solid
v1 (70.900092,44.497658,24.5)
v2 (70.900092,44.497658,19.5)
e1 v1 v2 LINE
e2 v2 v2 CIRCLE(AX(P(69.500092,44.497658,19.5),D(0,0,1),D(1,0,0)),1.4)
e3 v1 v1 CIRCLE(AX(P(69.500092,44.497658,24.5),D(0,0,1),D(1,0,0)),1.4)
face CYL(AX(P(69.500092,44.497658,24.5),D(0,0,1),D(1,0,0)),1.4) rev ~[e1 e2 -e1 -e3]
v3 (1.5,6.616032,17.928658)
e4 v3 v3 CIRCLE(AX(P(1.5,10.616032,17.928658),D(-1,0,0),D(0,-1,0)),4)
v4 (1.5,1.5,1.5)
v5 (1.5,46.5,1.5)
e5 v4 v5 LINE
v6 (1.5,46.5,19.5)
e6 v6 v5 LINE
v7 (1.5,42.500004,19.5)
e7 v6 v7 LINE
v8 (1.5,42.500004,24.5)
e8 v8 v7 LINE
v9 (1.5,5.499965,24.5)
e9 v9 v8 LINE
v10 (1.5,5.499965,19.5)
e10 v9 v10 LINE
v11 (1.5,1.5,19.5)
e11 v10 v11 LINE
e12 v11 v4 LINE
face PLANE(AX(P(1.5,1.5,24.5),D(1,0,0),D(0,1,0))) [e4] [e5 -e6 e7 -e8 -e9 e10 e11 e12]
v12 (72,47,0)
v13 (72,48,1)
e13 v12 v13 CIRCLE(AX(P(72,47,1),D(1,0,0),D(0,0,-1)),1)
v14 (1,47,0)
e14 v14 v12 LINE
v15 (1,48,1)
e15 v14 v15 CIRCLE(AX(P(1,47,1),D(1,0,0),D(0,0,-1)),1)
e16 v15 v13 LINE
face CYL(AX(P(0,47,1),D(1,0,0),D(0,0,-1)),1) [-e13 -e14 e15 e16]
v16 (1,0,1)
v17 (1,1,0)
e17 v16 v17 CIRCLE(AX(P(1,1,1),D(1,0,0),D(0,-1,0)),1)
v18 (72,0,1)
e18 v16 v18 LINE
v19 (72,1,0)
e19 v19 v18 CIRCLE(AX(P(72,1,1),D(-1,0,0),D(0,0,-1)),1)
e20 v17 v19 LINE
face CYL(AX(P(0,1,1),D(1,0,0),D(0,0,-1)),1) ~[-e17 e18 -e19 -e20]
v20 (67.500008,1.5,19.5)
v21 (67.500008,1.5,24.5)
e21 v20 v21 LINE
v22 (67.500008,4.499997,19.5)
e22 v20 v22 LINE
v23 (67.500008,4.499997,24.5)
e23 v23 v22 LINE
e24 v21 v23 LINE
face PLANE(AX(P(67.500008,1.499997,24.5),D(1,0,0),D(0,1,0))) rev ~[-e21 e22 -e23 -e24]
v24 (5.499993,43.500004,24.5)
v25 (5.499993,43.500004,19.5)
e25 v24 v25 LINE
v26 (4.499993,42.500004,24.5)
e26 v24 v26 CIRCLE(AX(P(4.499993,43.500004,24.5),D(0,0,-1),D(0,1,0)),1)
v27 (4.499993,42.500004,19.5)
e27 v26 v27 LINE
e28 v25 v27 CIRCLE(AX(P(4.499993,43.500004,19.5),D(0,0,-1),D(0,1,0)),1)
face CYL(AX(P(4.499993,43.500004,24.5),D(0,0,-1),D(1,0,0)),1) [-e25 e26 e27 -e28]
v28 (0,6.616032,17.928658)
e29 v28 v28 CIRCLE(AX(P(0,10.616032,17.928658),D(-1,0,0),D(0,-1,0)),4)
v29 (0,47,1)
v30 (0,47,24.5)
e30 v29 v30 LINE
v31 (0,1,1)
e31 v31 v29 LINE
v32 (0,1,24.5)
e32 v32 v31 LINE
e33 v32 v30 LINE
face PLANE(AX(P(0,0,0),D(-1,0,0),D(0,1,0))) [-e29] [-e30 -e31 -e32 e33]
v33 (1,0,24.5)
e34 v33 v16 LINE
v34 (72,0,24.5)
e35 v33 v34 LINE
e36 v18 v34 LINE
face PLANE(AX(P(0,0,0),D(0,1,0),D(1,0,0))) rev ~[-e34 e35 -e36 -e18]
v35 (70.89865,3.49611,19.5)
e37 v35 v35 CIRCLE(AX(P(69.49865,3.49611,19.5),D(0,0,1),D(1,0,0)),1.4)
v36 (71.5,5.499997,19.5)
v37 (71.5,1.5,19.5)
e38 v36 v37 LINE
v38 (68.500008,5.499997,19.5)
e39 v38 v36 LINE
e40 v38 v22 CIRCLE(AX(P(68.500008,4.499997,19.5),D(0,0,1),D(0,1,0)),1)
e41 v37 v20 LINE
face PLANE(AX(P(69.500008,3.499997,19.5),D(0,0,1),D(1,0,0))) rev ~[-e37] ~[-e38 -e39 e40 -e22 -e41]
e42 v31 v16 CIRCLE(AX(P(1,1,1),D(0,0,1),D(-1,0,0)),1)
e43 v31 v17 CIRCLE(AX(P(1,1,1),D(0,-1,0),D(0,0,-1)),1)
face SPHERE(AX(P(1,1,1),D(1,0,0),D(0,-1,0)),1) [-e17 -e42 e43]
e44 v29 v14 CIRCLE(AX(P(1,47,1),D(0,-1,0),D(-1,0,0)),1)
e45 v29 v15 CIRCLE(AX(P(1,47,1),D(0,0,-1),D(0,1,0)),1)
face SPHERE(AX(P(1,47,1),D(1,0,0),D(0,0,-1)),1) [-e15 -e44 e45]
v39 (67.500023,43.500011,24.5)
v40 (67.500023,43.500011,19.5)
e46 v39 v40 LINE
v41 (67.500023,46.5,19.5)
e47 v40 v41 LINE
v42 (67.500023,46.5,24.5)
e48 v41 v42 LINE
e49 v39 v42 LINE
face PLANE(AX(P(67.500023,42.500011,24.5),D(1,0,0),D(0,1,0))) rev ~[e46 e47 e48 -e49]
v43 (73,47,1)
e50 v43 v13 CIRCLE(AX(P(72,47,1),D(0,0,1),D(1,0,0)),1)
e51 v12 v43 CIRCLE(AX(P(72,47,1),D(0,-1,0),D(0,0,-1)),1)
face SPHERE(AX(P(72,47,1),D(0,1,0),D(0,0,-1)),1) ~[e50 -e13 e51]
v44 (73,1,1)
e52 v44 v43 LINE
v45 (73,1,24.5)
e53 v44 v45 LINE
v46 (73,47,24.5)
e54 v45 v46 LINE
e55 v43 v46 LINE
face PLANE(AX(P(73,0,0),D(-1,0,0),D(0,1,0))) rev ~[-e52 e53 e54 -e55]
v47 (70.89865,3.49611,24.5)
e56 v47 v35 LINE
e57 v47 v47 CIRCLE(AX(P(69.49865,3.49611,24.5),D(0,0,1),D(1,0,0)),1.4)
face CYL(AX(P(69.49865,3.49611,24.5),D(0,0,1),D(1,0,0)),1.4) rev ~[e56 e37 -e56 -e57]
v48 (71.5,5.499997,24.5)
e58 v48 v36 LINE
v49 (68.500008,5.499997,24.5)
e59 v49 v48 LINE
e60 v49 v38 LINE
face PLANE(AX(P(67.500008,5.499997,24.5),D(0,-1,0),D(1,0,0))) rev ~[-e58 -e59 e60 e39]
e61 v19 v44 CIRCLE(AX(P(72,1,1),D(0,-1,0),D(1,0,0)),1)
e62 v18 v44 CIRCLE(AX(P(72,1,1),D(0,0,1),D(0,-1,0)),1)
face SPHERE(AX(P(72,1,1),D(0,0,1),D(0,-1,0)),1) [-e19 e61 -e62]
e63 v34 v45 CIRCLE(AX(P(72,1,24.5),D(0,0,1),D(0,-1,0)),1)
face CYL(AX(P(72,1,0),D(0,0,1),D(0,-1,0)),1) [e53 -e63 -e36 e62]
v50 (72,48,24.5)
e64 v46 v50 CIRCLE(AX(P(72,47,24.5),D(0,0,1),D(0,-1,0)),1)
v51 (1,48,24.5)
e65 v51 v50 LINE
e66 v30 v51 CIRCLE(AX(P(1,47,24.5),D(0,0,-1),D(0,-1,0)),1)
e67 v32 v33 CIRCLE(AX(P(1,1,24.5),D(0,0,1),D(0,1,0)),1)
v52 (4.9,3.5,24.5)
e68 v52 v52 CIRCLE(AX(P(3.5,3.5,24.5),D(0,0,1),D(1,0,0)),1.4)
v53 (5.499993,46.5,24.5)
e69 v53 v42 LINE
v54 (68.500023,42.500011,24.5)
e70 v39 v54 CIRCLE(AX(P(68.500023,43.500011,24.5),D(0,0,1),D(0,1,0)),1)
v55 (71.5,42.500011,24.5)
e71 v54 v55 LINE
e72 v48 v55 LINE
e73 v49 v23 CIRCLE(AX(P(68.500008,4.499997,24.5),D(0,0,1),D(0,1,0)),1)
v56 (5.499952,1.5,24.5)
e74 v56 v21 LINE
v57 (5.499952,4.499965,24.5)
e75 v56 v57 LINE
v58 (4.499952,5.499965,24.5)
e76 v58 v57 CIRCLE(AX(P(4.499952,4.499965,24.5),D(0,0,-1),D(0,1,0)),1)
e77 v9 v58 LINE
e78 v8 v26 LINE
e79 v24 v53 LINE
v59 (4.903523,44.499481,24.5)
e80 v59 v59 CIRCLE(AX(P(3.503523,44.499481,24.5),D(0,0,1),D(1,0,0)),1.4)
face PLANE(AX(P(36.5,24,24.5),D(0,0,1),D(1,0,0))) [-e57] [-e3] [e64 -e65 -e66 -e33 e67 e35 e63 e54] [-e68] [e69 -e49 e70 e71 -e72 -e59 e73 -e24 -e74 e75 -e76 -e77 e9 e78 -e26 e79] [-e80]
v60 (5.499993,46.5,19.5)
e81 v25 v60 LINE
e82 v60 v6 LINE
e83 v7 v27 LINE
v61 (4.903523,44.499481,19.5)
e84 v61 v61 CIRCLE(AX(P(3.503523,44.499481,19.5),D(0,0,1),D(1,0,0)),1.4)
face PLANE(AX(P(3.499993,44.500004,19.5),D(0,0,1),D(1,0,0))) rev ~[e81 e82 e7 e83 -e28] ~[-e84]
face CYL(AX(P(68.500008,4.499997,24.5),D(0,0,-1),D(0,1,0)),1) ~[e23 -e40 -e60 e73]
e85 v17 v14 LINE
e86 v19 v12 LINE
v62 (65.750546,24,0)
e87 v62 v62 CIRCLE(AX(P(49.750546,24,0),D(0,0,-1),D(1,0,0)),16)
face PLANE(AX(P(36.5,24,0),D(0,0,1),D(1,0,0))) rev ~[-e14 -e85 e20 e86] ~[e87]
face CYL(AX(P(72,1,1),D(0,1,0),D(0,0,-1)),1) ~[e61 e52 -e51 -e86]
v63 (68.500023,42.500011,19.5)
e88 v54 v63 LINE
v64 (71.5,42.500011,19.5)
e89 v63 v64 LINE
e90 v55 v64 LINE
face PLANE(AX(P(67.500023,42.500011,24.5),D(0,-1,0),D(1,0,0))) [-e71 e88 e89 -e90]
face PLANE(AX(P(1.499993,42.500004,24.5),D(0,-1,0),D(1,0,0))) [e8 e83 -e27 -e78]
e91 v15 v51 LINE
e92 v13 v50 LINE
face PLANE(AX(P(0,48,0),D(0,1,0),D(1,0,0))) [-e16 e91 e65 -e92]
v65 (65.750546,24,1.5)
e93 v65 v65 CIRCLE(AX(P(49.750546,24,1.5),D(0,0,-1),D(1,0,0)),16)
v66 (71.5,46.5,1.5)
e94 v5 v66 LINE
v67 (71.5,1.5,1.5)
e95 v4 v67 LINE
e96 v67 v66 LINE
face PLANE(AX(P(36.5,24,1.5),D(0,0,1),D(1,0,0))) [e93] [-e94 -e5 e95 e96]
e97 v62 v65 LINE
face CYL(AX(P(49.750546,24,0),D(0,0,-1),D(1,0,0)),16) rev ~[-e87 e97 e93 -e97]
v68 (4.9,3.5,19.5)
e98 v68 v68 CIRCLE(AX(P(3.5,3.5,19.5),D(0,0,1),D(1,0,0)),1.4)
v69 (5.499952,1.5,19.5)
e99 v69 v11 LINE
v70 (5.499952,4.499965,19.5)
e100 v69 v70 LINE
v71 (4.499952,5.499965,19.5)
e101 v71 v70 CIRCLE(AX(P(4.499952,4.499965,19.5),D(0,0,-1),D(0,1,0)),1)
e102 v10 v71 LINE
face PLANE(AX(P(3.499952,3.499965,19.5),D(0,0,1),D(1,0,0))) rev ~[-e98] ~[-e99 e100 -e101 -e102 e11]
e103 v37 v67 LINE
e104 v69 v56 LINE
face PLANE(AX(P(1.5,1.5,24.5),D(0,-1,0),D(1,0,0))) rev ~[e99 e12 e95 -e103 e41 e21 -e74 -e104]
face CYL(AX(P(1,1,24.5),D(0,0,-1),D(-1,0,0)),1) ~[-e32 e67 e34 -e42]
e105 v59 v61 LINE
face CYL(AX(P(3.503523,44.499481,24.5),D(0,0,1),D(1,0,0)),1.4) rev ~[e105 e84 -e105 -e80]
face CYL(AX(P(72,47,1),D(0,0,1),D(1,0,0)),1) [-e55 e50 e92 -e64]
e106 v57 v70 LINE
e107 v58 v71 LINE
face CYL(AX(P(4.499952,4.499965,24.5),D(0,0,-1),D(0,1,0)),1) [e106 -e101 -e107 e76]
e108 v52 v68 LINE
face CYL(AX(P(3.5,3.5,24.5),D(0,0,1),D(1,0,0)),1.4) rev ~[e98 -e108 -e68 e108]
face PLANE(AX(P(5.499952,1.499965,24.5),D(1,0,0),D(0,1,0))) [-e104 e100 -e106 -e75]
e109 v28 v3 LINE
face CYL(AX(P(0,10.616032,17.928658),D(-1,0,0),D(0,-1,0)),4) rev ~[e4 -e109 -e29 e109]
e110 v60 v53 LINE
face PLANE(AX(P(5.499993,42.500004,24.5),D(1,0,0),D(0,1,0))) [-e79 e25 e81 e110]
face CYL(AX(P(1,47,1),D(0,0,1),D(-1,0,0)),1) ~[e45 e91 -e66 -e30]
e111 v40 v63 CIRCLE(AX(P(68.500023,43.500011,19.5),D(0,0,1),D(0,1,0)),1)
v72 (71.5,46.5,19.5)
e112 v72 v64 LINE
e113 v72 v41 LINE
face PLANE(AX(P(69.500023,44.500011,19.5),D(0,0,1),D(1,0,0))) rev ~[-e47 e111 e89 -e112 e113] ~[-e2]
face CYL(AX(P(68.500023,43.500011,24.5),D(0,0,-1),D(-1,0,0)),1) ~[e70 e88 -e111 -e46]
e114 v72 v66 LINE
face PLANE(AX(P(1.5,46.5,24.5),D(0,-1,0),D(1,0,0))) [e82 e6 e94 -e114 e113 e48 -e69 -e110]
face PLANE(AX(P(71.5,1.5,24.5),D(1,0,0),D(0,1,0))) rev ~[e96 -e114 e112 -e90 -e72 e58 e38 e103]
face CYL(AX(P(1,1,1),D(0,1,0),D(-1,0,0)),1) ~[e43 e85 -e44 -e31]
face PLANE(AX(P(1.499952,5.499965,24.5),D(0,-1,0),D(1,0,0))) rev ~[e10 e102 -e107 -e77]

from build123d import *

# Parameters (mm, degrees)
SKETCH_W        = 73
SKETCH_H        = 48
PAD_DEPTH       = 24.5
SKETCH001_W     = 70
SKETCH001_H     = 45
POCKET_DEPTH    = 23
FILLET_R        = 1
FILLET001_R     = 1
FILLET002_R     = 1
FILLET003_R     = 1
SKETCH002_W     = 4
SKETCH002_H     = 4
PAD001_DEPTH    = 5
FILLET004_R     = 1
SKETCH003_W     = 4
SKETCH003_H     = 4
PAD002_DEPTH    = 5
SKETCH004_R     = 1.4
POCKET001_DEPTH = 5
FILLET005_R     = 1
FILLET006_R     = 1
SKETCH005_R     = 1.4
POCKET002_DEPTH = 5
FILLET007_R     = 1
SKETCH006_R     = 1.4
POCKET003_DEPTH = 5
SKETCH007_R     = 16
POCKET004_DEPTH = 5
SKETCH008_R     = 4
POCKET005_DEPTH = 5


with BuildPart() as part:
    # Sketch → Pad (new body)
    with BuildSketch(Plane.XY):
        with Locations((36.5, 24)):
            Rectangle(SKETCH_W, SKETCH_H)
    extrude(amount=PAD_DEPTH)

    # Sketch001 (on Face6 of Pad) → Pocket (cut)
    with BuildSketch(Plane.XY.offset(24.5)):
        with Locations((36.5, 24)):
            Rectangle(SKETCH001_W, SKETCH001_H)
    extrude(amount=-POCKET_DEPTH, mode=Mode.SUBTRACT)

    # Fillet
    fillet_edges = [part.edges().sort_by_distance(p)[0] for p in [
        (73, 0, 12.25),
    ]]
    fillet(fillet_edges, radius=FILLET_R)

    # Fillet001
    fillet001_edges = [part.edges().sort_by_distance(p)[0] for p in [
        (73, 24.5, 0),
    ]]
    fillet(fillet001_edges, radius=FILLET001_R)

    # Fillet002
    fillet002_edges = [part.edges().sort_by_distance(p)[0] for p in [
        (36, 48, 0),
    ]]
    fillet(fillet002_edges, radius=FILLET002_R)

    # Fillet003
    fillet003_edges = [part.edges().sort_by_distance(p)[0] for p in [
        (0, 24, 0),
    ]]
    fillet(fillet003_edges, radius=FILLET003_R)

    # Sketch002 (on Face1 of Fillet003) → Pad001 (join)
    with BuildSketch(Plane.XY.offset(24.5)):
        with Locations((3.499952, 3.499965)):
            Rectangle(SKETCH002_W, SKETCH002_H)
    extrude(amount=-PAD001_DEPTH)

    # Fillet004
    fillet004_edges = [part.edges().sort_by_distance(p)[0] for p in [
        (5.499952, 5.499965, 22),
    ]]
    fillet(fillet004_edges, radius=FILLET004_R)

    # Sketch003 (on Face8 of Fillet004) → Pad002 (join)
    with BuildSketch(Plane.XY.offset(24.5)):
        with Locations((3.499993, 44.500004)):
            Rectangle(SKETCH003_W, SKETCH003_H)
        with Locations((69.500023, 44.500011)):
            Rectangle(SKETCH003_W, SKETCH003_H)
        with Locations((69.500008, 3.499997)):
            Rectangle(SKETCH003_W, SKETCH003_H)
    extrude(amount=-PAD002_DEPTH)

    # Sketch004 (on Face32 of Pad002) → Pocket001 (cut)
    with BuildSketch(Plane.XY.offset(24.5)):
        with Locations((3.503523, 44.499481)):
            Circle(SKETCH004_R)
        with Locations((69.500092, 44.497658)):
            Circle(SKETCH004_R)
    extrude(amount=-POCKET001_DEPTH, mode=Mode.SUBTRACT)

    # Fillet005
    fillet005_edges = [part.edges().sort_by_distance(p)[0] for p in [
        (67.500023, 42.500011, 22),
    ]]
    fillet(fillet005_edges, radius=FILLET005_R)

    # Fillet006
    fillet006_edges = [part.edges().sort_by_distance(p)[0] for p in [
        (5.499993, 42.500004, 22),
    ]]
    fillet(fillet006_edges, radius=FILLET006_R)

    # Sketch005 (on Face45 of Fillet006) → Pocket002 (cut)
    with BuildSketch(Plane.XY.offset(24.5)):
        with Locations((69.49865, 3.49611)):
            Circle(SKETCH005_R)
    extrude(amount=-POCKET002_DEPTH, mode=Mode.SUBTRACT)

    # Fillet007
    fillet007_edges = [part.edges().sort_by_distance(p)[0] for p in [
        (67.500008, 5.499997, 22),
    ]]
    fillet(fillet007_edges, radius=FILLET007_R)

    # Sketch006 (on Face35 of Fillet007) → Pocket003 (cut)
    with BuildSketch(Plane.XY.offset(24.5)):
        with Locations((3.5, 3.5)):
            Circle(SKETCH006_R)
    extrude(amount=-POCKET003_DEPTH, mode=Mode.SUBTRACT)

    # Sketch007 (on Face51 of Pocket003) → Pocket004 (cut)
    with BuildSketch(Plane(origin=(0, 0, 0), x_dir=(1, 0, 0), z_dir=(0, 0, -1))):
        with Locations((49.750546, -24)):
            Circle(SKETCH007_R)
    extrude(amount=-POCKET004_DEPTH, mode=Mode.SUBTRACT)

    # Sketch008 (on Face21 of Pocket004) → Pocket005 (cut)
    with BuildSketch(Plane(origin=(0, 0, 0), x_dir=(0, -1, 0), z_dir=(-1, 0, 0))):
        with Locations((-10.616032, 17.928658)):
            Circle(SKETCH008_R)
    extrude(amount=-POCKET005_DEPTH, mode=Mode.SUBTRACT)


solid = part.part
